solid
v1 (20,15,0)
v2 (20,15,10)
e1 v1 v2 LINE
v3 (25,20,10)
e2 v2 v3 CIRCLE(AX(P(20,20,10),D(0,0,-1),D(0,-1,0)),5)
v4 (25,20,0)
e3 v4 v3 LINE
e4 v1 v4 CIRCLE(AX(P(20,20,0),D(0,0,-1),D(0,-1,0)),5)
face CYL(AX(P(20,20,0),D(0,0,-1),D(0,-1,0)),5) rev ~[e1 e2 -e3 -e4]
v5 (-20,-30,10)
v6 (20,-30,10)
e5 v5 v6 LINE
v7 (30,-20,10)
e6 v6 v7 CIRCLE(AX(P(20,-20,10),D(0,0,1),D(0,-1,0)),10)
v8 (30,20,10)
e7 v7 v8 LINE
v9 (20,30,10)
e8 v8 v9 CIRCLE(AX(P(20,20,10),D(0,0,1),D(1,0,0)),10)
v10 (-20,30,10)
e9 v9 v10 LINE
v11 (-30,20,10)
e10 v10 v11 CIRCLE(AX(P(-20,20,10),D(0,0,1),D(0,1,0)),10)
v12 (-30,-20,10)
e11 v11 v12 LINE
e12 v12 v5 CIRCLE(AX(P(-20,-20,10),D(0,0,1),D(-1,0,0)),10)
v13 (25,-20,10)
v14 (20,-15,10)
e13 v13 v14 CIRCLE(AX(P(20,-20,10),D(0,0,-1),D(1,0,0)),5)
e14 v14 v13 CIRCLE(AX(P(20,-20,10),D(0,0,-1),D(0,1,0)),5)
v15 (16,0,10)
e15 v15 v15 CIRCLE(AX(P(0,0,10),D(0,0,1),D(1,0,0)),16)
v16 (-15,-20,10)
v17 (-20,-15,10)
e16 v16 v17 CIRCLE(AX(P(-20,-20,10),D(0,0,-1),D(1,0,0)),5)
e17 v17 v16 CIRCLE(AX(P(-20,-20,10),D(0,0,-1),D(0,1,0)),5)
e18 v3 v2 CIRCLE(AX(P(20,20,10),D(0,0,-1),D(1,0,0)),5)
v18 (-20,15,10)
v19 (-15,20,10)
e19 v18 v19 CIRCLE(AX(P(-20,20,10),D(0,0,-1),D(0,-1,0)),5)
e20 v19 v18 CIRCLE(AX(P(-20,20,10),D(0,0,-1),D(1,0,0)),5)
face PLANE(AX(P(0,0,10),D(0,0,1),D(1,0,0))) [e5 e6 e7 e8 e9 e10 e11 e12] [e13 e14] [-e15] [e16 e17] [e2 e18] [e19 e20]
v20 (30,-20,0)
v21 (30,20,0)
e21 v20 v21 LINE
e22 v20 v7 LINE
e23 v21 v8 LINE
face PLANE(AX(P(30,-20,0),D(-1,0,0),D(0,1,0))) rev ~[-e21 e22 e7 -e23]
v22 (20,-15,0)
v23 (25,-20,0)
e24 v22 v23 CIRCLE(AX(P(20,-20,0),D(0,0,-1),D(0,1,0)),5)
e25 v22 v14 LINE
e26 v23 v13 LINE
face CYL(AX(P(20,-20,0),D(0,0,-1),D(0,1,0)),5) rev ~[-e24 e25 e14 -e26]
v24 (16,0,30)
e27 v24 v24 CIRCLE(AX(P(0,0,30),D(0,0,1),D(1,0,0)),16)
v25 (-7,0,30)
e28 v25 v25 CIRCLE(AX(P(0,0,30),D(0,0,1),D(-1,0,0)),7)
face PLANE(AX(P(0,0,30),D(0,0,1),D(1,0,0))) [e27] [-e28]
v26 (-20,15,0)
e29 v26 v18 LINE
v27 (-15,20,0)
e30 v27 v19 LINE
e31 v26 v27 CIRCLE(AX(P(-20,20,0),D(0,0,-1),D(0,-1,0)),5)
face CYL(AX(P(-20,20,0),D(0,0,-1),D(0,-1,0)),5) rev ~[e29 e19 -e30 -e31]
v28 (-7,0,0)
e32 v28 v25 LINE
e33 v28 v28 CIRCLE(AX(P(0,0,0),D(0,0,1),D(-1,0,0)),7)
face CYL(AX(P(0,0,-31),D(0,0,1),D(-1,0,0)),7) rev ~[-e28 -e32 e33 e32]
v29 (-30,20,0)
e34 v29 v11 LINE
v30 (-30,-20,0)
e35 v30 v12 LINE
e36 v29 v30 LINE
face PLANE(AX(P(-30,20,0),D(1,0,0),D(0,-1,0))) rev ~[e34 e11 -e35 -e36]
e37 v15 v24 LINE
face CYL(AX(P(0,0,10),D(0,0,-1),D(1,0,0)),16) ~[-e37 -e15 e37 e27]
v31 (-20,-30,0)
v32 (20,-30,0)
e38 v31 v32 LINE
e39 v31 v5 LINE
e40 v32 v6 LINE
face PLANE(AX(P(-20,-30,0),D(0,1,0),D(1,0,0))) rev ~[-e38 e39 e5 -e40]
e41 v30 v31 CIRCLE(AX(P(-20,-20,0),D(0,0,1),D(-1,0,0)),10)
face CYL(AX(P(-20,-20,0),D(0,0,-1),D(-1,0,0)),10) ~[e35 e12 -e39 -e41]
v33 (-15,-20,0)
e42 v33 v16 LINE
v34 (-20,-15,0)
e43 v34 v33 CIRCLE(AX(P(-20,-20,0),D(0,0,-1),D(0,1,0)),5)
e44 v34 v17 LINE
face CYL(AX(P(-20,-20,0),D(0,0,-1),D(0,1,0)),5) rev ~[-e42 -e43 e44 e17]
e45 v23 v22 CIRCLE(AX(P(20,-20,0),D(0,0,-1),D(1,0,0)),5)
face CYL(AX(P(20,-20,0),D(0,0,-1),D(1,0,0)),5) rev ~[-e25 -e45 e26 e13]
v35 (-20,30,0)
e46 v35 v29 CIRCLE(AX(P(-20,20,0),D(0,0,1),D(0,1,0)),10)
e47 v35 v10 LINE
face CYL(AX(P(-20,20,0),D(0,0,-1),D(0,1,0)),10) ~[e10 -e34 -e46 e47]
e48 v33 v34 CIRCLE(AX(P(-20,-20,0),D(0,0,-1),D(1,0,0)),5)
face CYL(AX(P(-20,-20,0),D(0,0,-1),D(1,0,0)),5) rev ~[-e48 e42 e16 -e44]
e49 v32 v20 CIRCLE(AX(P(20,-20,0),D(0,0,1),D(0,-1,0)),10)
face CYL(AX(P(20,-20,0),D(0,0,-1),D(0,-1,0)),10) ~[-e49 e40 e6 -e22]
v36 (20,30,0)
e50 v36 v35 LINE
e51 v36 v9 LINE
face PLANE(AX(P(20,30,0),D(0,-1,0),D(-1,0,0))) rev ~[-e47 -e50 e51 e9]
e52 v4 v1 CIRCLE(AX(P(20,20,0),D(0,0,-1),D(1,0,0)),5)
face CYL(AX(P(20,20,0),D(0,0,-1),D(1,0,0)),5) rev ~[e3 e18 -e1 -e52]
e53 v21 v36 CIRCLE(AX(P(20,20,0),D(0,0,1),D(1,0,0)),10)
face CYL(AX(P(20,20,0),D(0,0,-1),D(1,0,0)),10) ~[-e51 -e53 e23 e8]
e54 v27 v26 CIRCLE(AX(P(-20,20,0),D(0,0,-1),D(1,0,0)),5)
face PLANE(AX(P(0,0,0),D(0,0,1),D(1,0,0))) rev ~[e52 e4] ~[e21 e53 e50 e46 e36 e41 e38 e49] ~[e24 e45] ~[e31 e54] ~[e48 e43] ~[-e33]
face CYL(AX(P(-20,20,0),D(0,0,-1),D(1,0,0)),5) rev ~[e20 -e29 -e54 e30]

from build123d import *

# Parameters (mm, degrees)
F1_DEPTH = 10
F2_R     = 16
F3_DEPTH = 20
F4_D     = 14
F4_DEPTH = 31
F4_TIP   = 4.2060243332
F5_ANGLE = -90


with BuildPart() as f1:
    # F0 (on Front) → F1 (new body)
    with BuildSketch(Plane.XZ):
        with BuildLine():
            Line((20, 30), (-20, 30))
            ThreePointArc((-20, 30), (-27.0710678119, 27.0710678119), (-30, 20))
            Line((-30, 20), (-30, -20))
            ThreePointArc((-30, -20), (-27.0710678119, -27.0710678119), (-20, -30))
            Line((-20, -30), (20, -30))
            ThreePointArc((20, -30), (27.0710678119, -27.0710678119), (30, -20))
            Line((30, -20), (30, 20))
            ThreePointArc((30, 20), (27.0710678119, 27.0710678119), (20, 30))
        make_face()
        with BuildLine():
            ThreePointArc((-15, -20), (-23.5355339059, -23.5355339059), (-20, -15))
            ThreePointArc((-20, -15), (-16.4644660941, -16.4644660941), (-15, -20))
        make_face(mode=Mode.SUBTRACT)
        with BuildLine():
            ThreePointArc((25, -20), (16.4644660941, -23.5355339059), (20, -15))
            ThreePointArc((20, -15), (23.5355339059, -16.4644660941), (25, -20))
        make_face(mode=Mode.SUBTRACT)
        with BuildLine():
            ThreePointArc((-15, 20), (-16.4644660941, 16.4644660941), (-20, 15))
            ThreePointArc((-20, 15), (-23.5355339059, 23.5355339059), (-15, 20))
        make_face(mode=Mode.SUBTRACT)
        with BuildLine():
            ThreePointArc((-16, 0), (0, 16), (16, 0))
            ThreePointArc((16, 0), (0, -16), (-16, 0))
        make_face(mode=Mode.SUBTRACT)
        with BuildLine():
            ThreePointArc((25, 20), (23.5355339059, 16.4644660941), (20, 15))
            ThreePointArc((20, 15), (16.4644660941, 23.5355339059), (25, 20))
        make_face(mode=Mode.SUBTRACT)
        with BuildLine():
            ThreePointArc((-16, 0), (0, -16), (16, 0))
            Line((16, 0), (0, 0))
            Line((0, 0), (-16, 0))
        make_face()
        with BuildLine():
            Line((0, 0), (16, 0))
            ThreePointArc((16, 0), (0, 16), (-16, 0))
            Line((-16, 0), (0, 0))
        make_face()
    extrude(amount=F1_DEPTH)

    # F2 (on face) → F3 (join)
    with BuildSketch(Plane.XZ.offset(10)):
        Circle(F2_R)
    extrude(amount=F3_DEPTH)

    # F4
    with Locations(Plane(origin=(0, 0, 0), x_dir=(1, 0, 0), z_dir=(0, 1, 0))):
        with Locations((0, 0)):
            Hole(F4_D / 2, depth=F4_DEPTH)
            with Locations((0, 0, -(F4_DEPTH + F4_TIP / 2))):  # 118° drill point
                Cone(0, F4_D / 2, F4_TIP, mode=Mode.SUBTRACT)


with BuildPart() as f1_1:
    # F5: moved
    add(f1.part.rotate(Axis((10, 0, 0), (1, 0, 0)), F5_ANGLE))


solid = f1_1.part
